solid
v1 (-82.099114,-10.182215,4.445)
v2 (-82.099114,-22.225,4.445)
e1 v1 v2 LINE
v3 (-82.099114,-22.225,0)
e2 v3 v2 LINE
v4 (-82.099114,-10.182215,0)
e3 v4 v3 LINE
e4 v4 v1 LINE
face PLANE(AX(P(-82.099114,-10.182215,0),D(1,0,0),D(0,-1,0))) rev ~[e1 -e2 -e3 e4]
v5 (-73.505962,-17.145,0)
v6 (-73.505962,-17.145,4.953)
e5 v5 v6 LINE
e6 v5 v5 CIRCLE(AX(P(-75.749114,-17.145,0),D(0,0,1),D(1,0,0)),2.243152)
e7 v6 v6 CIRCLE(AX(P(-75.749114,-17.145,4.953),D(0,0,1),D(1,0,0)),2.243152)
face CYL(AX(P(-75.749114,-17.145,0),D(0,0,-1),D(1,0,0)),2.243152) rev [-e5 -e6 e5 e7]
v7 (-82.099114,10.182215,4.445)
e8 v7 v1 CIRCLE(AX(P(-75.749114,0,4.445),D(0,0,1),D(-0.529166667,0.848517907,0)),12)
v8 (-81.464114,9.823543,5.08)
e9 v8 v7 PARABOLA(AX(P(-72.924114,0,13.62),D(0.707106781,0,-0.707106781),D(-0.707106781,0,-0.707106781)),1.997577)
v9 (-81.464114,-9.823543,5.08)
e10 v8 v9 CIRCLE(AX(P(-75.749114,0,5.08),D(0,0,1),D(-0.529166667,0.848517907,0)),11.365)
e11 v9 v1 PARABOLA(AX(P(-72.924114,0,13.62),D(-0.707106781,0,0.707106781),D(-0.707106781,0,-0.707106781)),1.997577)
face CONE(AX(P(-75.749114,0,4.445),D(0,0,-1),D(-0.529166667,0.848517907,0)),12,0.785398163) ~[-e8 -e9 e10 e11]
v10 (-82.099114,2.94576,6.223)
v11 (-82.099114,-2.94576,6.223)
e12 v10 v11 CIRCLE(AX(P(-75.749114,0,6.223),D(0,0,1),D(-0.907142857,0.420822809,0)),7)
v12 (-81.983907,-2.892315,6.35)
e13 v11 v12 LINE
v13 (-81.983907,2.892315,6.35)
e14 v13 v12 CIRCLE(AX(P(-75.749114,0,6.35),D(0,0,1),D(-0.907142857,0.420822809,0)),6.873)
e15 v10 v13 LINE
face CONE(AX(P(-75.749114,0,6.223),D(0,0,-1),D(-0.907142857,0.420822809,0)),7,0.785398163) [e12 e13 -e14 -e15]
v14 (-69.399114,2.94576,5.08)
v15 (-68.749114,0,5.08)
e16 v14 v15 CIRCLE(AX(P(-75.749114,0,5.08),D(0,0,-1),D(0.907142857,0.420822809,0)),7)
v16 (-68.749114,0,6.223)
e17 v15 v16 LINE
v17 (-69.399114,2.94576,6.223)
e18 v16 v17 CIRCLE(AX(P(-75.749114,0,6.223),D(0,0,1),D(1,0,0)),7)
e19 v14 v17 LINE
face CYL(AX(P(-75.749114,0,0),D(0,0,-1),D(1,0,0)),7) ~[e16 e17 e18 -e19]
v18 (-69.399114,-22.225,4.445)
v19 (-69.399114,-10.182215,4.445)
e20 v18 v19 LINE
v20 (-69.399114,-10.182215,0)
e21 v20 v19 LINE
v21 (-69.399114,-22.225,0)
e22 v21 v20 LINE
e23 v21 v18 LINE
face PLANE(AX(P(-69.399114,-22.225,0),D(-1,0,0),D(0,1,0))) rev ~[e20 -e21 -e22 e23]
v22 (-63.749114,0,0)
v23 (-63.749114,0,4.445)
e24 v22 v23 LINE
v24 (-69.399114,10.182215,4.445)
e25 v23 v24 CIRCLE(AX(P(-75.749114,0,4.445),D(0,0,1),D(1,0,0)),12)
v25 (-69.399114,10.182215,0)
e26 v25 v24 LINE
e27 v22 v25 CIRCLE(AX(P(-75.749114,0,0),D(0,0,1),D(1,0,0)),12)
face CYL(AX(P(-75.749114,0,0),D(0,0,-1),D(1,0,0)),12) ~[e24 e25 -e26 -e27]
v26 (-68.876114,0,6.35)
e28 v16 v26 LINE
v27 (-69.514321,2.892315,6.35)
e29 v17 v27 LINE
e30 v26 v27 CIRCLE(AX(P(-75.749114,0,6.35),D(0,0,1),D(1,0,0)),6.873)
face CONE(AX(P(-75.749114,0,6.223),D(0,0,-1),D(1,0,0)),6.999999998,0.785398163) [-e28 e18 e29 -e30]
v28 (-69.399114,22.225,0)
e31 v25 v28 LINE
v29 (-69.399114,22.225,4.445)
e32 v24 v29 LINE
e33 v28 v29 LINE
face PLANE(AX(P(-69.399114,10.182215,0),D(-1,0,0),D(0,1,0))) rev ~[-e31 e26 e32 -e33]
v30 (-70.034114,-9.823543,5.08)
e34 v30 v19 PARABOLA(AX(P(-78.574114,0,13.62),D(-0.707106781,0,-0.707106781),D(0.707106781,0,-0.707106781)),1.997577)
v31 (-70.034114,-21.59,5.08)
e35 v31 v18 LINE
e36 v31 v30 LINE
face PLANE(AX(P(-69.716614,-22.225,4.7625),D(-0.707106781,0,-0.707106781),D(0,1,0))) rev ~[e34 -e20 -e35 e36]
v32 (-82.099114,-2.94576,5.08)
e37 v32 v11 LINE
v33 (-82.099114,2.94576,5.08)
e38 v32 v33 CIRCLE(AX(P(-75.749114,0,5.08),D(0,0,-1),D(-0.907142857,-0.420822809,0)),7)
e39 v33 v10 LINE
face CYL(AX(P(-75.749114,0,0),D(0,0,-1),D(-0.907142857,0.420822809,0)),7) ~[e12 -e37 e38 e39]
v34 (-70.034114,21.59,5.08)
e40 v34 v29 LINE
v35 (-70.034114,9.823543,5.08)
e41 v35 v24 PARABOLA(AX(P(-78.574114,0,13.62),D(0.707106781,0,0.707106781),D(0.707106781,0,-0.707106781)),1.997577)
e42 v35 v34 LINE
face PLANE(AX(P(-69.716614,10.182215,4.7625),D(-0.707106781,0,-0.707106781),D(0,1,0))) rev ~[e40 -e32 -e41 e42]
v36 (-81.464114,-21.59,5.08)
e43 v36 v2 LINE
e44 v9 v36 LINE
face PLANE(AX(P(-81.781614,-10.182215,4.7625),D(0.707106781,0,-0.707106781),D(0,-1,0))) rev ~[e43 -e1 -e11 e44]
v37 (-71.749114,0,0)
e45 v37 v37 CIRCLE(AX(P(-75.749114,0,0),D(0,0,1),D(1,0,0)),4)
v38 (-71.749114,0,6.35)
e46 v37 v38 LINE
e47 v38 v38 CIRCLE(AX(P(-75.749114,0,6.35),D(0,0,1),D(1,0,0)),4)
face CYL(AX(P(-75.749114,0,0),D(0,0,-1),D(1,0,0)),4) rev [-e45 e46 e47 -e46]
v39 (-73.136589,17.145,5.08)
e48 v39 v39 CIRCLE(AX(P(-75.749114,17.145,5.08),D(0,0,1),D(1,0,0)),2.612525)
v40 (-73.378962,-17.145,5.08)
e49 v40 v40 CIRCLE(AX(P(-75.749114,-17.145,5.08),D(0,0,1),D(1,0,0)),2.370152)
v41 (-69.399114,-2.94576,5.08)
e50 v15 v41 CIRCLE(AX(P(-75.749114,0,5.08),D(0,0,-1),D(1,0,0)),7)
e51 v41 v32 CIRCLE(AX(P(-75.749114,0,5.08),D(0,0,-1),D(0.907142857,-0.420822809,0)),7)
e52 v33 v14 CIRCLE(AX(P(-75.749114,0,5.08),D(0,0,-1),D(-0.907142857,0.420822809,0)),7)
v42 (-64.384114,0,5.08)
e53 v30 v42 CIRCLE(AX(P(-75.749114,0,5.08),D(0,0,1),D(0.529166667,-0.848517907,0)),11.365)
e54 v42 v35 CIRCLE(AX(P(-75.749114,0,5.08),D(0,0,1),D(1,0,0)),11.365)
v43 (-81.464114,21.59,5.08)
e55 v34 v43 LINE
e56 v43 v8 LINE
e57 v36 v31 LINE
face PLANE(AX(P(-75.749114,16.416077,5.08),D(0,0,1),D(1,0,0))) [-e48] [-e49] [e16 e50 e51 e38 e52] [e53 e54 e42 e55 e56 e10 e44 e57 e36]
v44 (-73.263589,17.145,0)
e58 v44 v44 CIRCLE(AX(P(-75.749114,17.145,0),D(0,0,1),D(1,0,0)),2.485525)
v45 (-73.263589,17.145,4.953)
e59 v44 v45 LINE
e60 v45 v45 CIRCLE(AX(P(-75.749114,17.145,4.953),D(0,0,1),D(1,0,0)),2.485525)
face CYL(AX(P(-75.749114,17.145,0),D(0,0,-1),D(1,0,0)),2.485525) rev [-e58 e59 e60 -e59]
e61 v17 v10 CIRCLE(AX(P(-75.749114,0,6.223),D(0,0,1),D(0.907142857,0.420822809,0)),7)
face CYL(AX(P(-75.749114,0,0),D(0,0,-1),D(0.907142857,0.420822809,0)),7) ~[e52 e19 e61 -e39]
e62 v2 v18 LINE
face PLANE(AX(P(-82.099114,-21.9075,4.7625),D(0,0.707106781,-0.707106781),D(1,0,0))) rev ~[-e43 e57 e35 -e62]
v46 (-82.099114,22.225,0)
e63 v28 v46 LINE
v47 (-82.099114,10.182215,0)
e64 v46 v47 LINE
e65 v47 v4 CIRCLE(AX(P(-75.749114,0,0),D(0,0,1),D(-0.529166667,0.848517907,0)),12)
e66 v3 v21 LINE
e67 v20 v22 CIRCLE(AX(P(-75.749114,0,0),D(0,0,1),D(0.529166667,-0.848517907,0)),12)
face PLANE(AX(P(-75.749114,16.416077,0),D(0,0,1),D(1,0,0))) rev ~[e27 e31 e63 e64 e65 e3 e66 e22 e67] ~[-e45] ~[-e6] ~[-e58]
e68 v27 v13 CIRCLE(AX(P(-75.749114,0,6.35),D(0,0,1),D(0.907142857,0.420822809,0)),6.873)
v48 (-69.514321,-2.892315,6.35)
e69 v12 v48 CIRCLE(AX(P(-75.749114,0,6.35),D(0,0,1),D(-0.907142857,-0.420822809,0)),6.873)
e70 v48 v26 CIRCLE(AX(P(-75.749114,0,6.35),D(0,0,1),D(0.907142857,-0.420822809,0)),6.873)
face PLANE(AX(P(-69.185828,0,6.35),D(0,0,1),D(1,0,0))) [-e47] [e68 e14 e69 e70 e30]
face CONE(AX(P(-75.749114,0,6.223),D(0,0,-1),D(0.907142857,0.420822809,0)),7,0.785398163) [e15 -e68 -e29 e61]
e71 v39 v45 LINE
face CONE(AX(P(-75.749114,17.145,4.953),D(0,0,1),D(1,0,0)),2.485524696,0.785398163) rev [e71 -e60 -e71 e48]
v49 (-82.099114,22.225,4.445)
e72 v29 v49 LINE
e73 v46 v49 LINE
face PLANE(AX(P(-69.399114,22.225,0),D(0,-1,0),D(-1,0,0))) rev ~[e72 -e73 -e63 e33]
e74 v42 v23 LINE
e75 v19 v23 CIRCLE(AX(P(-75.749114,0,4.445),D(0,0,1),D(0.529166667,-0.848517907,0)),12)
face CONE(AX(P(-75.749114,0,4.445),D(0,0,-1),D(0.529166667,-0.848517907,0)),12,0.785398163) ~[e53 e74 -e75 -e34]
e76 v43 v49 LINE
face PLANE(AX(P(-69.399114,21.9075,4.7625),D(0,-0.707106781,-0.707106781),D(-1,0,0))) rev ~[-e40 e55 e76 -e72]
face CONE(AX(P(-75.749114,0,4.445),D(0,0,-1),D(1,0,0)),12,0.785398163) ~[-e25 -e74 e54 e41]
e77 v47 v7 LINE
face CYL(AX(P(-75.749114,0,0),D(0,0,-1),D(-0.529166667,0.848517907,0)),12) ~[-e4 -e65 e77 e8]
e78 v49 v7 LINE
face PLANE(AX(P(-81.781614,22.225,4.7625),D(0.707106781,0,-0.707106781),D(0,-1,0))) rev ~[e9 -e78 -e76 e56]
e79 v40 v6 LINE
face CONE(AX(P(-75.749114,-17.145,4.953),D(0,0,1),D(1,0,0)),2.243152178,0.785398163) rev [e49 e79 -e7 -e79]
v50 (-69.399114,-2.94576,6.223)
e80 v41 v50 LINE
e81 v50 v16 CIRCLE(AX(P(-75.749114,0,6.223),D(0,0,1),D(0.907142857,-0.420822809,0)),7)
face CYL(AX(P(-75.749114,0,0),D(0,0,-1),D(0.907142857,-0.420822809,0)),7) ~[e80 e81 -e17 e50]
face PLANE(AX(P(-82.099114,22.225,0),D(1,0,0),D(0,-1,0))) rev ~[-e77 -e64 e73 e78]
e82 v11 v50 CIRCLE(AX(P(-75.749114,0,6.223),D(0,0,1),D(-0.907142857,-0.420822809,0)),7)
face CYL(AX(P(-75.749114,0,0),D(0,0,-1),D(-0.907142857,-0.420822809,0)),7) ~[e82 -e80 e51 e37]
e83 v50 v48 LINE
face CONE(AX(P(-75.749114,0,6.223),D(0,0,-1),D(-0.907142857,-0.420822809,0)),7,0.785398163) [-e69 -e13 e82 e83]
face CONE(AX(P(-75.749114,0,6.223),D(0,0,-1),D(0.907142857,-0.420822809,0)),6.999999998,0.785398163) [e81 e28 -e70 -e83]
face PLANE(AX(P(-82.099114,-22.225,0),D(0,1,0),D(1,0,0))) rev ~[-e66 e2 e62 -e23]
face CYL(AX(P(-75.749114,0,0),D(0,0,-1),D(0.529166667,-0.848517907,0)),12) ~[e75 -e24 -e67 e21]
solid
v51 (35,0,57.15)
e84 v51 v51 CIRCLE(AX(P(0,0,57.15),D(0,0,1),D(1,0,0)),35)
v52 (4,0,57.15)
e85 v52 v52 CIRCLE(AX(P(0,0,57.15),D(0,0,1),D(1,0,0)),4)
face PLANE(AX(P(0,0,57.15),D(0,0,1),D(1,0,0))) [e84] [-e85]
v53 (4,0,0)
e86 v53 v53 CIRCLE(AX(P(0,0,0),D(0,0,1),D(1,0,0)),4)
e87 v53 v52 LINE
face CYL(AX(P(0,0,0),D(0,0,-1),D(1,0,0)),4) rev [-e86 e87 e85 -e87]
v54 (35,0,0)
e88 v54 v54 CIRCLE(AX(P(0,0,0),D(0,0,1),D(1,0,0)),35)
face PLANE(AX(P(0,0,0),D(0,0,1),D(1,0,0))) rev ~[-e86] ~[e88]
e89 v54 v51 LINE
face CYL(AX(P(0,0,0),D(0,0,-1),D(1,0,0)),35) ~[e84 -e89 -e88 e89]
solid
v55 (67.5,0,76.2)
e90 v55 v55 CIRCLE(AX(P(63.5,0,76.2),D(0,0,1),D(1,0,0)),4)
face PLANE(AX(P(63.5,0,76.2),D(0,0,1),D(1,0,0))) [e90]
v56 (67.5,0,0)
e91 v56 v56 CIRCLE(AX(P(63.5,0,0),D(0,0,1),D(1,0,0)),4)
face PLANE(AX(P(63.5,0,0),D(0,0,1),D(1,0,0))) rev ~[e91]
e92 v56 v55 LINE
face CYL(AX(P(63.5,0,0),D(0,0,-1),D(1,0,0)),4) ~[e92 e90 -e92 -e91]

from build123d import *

# Parameters (mm, degrees)
F0_R     = 35
F0_R_2   = 4
F1_DEPTH = 57.15
F2_R     = 2.485524696
F2_R_2   = 2.243152178
F3_DEPTH = 5.08
F2_R_3   = 4
F4_DEPTH = 6.35
F5_SIZE  = 0.635
F6_SIZE  = 0.127
F7_DEPTH = 76.2


with BuildPart() as f1:
    # F0 (on Top) → F1 (new body)
    with BuildSketch(Plane.XY):
        Circle(F0_R)
        Circle(F0_R_2, mode=Mode.SUBTRACT)
    extrude(amount=F1_DEPTH)


with BuildPart() as f3:
    # F2 (on Top) → F3 (new body)
    with BuildSketch(Plane.XY):
        with BuildLine():
            ThreePointArc((-82.0991141558, 10.1822148868), (-75.7491141558, 12), (-69.3991141558, 10.1822148868))
            Line((-69.3991141558, 10.1822148868), (-69.3991141558, 22.225))
            Line((-69.3991141558, 22.225), (-82.0991141558, 22.225))
            Line((-82.0991141558, 22.225), (-82.0991141558, 10.1822148868))
        make_face()
        with Locations((-75.7491141558, 17.145)):
            Circle(F2_R, mode=Mode.SUBTRACT)
        with BuildLine():
            Line((-69.3991141558, -22.225), (-69.3991141558, -10.1822148868))
            ThreePointArc((-69.3991141558, -10.1822148868), (-75.7491141558, -12), (-82.0991141558, -10.1822148868))
            Line((-82.0991141558, -10.1822148868), (-82.0991141558, -22.225))
            Line((-82.0991141558, -22.225), (-69.3991141558, -22.225))
        make_face()
        with Locations((-75.7491141558, -17.145)):
            Circle(F2_R_2, mode=Mode.SUBTRACT)
        with BuildLine():
            Line((-69.3991141558, -10.1822148868), (-69.3991141558, -2.9457596643))
            ThreePointArc((-69.3991141558, -2.9457596643), (-75.7491141558, -7), (-82.0991141558, -2.9457596643))
            Line((-82.0991141558, -2.9457596643), (-82.0991141558, -10.1822148868))
            ThreePointArc((-82.0991141558, -10.1822148868), (-75.7491141558, -12), (-69.3991141558, -10.1822148868))
        make_face()
        with BuildLine():
            ThreePointArc((-82.0991141558, 2.9457596643), (-75.7491141558, 7), (-69.3991141558, 2.9457596643))
            Line((-69.3991141558, 2.9457596643), (-69.3991141558, 10.1822148868))
            ThreePointArc((-69.3991141558, 10.1822148868), (-75.7491141558, 12), (-82.0991141558, 10.1822148868))
            Line((-82.0991141558, 10.1822148868), (-82.0991141558, 2.9457596643))
        make_face()
        with BuildLine():
            ThreePointArc((-69.3991141558, 2.9457596643), (-68.9135454157, 1.5083103129), (-68.7491141558, 0))
            ThreePointArc((-68.7491141558, 0), (-68.9135454157, -1.5083103129), (-69.3991141558, -2.9457596643))
            Line((-69.3991141558, -2.9457596643), (-69.3991141558, -10.1822148868))
            ThreePointArc((-69.3991141558, -10.1822148868), (-65.2562594441, -5.8223706512), (-63.7491141558, 0))
            ThreePointArc((-63.7491141558, 0), (-65.2562594441, 5.8223706512), (-69.3991141558, 10.1822148868))
            Line((-69.3991141558, 10.1822148868), (-69.3991141558, 2.9457596643))
        make_face()
        with BuildLine():
            ThreePointArc((-82.0991141558, -2.9457596643), (-82.7491141558, 0), (-82.0991141558, 2.9457596643))
            Line((-82.0991141558, 2.9457596643), (-82.0991141558, 10.1822148868))
            ThreePointArc((-82.0991141558, 10.1822148868), (-87.7491141558, 0), (-82.0991141558, -10.1822148868))
            Line((-82.0991141558, -10.1822148868), (-82.0991141558, -2.9457596643))
        make_face()
    extrude(amount=F3_DEPTH)

    # F2 (on Top) → F4 (join)
    with BuildSketch(Plane.XY):
        with BuildLine():
            ThreePointArc((-69.3991141558, -2.9457596643), (-68.9135454157, -1.5083103129), (-68.7491141558, 0))
            ThreePointArc((-68.7491141558, 0), (-68.9135454157, 1.5083103129), (-69.3991141558, 2.9457596643))
            Line((-69.3991141558, 2.9457596643), (-69.3991141558, -2.9457596643))
        make_face()
        with BuildLine():
            Line((-69.3991141558, -2.9457596643), (-69.3991141558, 2.9457596643))
            ThreePointArc((-69.3991141558, 2.9457596643), (-75.7491141558, 7), (-82.0991141558, 2.9457596643))
            Line((-82.0991141558, 2.9457596643), (-82.0991141558, -2.9457596643))
            ThreePointArc((-82.0991141558, -2.9457596643), (-75.7491141558, -7), (-69.3991141558, -2.9457596643))
        make_face()
        with Locations((-75.7491141558, 0)):
            Circle(F2_R_3, mode=Mode.SUBTRACT)
        with BuildLine():
            Line((-82.0991141558, -2.9457596643), (-82.0991141558, 2.9457596643))
            ThreePointArc((-82.0991141558, 2.9457596643), (-82.7491141558, 0), (-82.0991141558, -2.9457596643))
        make_face()
    extrude(amount=F4_DEPTH)

    # F5
    f5_edges = [f3.edges().sort_by_distance(p)[0] for p in [
        (-87.749114, 0, 5.08),
        (-69.399114, -16.203607, 5.08),
        (-82.099114, -16.203607, 5.08),
        (-75.749114, -22.225, 5.08),
        (-63.749114, 0, 5.08),
        (-69.399114, 16.203607, 5.08),
        (-75.749114, 22.225, 5.08),
        (-82.099114, 16.203607, 5.08),
    ]]
    chamfer(f5_edges, length=F5_SIZE)

    # F6
    f6_edges = [f3.edges().sort_by_distance(p)[0] for p in [
        (-78.234639, 17.145, 5.08),
        (-77.992266, -17.145, 5.08),
        (-69.399114, -2.94576, 6.35),
    ]]
    chamfer(f6_edges, length=F6_SIZE)


with BuildPart() as f7:
    # F2 (on Top) → F7 (new body)
    with BuildSketch(Plane.XY):
        with Locations((63.5, 0)):
            Circle(F2_R_3)
    extrude(amount=F7_DEPTH)


solid = Compound([f1.part, f3.part, f7.part])
